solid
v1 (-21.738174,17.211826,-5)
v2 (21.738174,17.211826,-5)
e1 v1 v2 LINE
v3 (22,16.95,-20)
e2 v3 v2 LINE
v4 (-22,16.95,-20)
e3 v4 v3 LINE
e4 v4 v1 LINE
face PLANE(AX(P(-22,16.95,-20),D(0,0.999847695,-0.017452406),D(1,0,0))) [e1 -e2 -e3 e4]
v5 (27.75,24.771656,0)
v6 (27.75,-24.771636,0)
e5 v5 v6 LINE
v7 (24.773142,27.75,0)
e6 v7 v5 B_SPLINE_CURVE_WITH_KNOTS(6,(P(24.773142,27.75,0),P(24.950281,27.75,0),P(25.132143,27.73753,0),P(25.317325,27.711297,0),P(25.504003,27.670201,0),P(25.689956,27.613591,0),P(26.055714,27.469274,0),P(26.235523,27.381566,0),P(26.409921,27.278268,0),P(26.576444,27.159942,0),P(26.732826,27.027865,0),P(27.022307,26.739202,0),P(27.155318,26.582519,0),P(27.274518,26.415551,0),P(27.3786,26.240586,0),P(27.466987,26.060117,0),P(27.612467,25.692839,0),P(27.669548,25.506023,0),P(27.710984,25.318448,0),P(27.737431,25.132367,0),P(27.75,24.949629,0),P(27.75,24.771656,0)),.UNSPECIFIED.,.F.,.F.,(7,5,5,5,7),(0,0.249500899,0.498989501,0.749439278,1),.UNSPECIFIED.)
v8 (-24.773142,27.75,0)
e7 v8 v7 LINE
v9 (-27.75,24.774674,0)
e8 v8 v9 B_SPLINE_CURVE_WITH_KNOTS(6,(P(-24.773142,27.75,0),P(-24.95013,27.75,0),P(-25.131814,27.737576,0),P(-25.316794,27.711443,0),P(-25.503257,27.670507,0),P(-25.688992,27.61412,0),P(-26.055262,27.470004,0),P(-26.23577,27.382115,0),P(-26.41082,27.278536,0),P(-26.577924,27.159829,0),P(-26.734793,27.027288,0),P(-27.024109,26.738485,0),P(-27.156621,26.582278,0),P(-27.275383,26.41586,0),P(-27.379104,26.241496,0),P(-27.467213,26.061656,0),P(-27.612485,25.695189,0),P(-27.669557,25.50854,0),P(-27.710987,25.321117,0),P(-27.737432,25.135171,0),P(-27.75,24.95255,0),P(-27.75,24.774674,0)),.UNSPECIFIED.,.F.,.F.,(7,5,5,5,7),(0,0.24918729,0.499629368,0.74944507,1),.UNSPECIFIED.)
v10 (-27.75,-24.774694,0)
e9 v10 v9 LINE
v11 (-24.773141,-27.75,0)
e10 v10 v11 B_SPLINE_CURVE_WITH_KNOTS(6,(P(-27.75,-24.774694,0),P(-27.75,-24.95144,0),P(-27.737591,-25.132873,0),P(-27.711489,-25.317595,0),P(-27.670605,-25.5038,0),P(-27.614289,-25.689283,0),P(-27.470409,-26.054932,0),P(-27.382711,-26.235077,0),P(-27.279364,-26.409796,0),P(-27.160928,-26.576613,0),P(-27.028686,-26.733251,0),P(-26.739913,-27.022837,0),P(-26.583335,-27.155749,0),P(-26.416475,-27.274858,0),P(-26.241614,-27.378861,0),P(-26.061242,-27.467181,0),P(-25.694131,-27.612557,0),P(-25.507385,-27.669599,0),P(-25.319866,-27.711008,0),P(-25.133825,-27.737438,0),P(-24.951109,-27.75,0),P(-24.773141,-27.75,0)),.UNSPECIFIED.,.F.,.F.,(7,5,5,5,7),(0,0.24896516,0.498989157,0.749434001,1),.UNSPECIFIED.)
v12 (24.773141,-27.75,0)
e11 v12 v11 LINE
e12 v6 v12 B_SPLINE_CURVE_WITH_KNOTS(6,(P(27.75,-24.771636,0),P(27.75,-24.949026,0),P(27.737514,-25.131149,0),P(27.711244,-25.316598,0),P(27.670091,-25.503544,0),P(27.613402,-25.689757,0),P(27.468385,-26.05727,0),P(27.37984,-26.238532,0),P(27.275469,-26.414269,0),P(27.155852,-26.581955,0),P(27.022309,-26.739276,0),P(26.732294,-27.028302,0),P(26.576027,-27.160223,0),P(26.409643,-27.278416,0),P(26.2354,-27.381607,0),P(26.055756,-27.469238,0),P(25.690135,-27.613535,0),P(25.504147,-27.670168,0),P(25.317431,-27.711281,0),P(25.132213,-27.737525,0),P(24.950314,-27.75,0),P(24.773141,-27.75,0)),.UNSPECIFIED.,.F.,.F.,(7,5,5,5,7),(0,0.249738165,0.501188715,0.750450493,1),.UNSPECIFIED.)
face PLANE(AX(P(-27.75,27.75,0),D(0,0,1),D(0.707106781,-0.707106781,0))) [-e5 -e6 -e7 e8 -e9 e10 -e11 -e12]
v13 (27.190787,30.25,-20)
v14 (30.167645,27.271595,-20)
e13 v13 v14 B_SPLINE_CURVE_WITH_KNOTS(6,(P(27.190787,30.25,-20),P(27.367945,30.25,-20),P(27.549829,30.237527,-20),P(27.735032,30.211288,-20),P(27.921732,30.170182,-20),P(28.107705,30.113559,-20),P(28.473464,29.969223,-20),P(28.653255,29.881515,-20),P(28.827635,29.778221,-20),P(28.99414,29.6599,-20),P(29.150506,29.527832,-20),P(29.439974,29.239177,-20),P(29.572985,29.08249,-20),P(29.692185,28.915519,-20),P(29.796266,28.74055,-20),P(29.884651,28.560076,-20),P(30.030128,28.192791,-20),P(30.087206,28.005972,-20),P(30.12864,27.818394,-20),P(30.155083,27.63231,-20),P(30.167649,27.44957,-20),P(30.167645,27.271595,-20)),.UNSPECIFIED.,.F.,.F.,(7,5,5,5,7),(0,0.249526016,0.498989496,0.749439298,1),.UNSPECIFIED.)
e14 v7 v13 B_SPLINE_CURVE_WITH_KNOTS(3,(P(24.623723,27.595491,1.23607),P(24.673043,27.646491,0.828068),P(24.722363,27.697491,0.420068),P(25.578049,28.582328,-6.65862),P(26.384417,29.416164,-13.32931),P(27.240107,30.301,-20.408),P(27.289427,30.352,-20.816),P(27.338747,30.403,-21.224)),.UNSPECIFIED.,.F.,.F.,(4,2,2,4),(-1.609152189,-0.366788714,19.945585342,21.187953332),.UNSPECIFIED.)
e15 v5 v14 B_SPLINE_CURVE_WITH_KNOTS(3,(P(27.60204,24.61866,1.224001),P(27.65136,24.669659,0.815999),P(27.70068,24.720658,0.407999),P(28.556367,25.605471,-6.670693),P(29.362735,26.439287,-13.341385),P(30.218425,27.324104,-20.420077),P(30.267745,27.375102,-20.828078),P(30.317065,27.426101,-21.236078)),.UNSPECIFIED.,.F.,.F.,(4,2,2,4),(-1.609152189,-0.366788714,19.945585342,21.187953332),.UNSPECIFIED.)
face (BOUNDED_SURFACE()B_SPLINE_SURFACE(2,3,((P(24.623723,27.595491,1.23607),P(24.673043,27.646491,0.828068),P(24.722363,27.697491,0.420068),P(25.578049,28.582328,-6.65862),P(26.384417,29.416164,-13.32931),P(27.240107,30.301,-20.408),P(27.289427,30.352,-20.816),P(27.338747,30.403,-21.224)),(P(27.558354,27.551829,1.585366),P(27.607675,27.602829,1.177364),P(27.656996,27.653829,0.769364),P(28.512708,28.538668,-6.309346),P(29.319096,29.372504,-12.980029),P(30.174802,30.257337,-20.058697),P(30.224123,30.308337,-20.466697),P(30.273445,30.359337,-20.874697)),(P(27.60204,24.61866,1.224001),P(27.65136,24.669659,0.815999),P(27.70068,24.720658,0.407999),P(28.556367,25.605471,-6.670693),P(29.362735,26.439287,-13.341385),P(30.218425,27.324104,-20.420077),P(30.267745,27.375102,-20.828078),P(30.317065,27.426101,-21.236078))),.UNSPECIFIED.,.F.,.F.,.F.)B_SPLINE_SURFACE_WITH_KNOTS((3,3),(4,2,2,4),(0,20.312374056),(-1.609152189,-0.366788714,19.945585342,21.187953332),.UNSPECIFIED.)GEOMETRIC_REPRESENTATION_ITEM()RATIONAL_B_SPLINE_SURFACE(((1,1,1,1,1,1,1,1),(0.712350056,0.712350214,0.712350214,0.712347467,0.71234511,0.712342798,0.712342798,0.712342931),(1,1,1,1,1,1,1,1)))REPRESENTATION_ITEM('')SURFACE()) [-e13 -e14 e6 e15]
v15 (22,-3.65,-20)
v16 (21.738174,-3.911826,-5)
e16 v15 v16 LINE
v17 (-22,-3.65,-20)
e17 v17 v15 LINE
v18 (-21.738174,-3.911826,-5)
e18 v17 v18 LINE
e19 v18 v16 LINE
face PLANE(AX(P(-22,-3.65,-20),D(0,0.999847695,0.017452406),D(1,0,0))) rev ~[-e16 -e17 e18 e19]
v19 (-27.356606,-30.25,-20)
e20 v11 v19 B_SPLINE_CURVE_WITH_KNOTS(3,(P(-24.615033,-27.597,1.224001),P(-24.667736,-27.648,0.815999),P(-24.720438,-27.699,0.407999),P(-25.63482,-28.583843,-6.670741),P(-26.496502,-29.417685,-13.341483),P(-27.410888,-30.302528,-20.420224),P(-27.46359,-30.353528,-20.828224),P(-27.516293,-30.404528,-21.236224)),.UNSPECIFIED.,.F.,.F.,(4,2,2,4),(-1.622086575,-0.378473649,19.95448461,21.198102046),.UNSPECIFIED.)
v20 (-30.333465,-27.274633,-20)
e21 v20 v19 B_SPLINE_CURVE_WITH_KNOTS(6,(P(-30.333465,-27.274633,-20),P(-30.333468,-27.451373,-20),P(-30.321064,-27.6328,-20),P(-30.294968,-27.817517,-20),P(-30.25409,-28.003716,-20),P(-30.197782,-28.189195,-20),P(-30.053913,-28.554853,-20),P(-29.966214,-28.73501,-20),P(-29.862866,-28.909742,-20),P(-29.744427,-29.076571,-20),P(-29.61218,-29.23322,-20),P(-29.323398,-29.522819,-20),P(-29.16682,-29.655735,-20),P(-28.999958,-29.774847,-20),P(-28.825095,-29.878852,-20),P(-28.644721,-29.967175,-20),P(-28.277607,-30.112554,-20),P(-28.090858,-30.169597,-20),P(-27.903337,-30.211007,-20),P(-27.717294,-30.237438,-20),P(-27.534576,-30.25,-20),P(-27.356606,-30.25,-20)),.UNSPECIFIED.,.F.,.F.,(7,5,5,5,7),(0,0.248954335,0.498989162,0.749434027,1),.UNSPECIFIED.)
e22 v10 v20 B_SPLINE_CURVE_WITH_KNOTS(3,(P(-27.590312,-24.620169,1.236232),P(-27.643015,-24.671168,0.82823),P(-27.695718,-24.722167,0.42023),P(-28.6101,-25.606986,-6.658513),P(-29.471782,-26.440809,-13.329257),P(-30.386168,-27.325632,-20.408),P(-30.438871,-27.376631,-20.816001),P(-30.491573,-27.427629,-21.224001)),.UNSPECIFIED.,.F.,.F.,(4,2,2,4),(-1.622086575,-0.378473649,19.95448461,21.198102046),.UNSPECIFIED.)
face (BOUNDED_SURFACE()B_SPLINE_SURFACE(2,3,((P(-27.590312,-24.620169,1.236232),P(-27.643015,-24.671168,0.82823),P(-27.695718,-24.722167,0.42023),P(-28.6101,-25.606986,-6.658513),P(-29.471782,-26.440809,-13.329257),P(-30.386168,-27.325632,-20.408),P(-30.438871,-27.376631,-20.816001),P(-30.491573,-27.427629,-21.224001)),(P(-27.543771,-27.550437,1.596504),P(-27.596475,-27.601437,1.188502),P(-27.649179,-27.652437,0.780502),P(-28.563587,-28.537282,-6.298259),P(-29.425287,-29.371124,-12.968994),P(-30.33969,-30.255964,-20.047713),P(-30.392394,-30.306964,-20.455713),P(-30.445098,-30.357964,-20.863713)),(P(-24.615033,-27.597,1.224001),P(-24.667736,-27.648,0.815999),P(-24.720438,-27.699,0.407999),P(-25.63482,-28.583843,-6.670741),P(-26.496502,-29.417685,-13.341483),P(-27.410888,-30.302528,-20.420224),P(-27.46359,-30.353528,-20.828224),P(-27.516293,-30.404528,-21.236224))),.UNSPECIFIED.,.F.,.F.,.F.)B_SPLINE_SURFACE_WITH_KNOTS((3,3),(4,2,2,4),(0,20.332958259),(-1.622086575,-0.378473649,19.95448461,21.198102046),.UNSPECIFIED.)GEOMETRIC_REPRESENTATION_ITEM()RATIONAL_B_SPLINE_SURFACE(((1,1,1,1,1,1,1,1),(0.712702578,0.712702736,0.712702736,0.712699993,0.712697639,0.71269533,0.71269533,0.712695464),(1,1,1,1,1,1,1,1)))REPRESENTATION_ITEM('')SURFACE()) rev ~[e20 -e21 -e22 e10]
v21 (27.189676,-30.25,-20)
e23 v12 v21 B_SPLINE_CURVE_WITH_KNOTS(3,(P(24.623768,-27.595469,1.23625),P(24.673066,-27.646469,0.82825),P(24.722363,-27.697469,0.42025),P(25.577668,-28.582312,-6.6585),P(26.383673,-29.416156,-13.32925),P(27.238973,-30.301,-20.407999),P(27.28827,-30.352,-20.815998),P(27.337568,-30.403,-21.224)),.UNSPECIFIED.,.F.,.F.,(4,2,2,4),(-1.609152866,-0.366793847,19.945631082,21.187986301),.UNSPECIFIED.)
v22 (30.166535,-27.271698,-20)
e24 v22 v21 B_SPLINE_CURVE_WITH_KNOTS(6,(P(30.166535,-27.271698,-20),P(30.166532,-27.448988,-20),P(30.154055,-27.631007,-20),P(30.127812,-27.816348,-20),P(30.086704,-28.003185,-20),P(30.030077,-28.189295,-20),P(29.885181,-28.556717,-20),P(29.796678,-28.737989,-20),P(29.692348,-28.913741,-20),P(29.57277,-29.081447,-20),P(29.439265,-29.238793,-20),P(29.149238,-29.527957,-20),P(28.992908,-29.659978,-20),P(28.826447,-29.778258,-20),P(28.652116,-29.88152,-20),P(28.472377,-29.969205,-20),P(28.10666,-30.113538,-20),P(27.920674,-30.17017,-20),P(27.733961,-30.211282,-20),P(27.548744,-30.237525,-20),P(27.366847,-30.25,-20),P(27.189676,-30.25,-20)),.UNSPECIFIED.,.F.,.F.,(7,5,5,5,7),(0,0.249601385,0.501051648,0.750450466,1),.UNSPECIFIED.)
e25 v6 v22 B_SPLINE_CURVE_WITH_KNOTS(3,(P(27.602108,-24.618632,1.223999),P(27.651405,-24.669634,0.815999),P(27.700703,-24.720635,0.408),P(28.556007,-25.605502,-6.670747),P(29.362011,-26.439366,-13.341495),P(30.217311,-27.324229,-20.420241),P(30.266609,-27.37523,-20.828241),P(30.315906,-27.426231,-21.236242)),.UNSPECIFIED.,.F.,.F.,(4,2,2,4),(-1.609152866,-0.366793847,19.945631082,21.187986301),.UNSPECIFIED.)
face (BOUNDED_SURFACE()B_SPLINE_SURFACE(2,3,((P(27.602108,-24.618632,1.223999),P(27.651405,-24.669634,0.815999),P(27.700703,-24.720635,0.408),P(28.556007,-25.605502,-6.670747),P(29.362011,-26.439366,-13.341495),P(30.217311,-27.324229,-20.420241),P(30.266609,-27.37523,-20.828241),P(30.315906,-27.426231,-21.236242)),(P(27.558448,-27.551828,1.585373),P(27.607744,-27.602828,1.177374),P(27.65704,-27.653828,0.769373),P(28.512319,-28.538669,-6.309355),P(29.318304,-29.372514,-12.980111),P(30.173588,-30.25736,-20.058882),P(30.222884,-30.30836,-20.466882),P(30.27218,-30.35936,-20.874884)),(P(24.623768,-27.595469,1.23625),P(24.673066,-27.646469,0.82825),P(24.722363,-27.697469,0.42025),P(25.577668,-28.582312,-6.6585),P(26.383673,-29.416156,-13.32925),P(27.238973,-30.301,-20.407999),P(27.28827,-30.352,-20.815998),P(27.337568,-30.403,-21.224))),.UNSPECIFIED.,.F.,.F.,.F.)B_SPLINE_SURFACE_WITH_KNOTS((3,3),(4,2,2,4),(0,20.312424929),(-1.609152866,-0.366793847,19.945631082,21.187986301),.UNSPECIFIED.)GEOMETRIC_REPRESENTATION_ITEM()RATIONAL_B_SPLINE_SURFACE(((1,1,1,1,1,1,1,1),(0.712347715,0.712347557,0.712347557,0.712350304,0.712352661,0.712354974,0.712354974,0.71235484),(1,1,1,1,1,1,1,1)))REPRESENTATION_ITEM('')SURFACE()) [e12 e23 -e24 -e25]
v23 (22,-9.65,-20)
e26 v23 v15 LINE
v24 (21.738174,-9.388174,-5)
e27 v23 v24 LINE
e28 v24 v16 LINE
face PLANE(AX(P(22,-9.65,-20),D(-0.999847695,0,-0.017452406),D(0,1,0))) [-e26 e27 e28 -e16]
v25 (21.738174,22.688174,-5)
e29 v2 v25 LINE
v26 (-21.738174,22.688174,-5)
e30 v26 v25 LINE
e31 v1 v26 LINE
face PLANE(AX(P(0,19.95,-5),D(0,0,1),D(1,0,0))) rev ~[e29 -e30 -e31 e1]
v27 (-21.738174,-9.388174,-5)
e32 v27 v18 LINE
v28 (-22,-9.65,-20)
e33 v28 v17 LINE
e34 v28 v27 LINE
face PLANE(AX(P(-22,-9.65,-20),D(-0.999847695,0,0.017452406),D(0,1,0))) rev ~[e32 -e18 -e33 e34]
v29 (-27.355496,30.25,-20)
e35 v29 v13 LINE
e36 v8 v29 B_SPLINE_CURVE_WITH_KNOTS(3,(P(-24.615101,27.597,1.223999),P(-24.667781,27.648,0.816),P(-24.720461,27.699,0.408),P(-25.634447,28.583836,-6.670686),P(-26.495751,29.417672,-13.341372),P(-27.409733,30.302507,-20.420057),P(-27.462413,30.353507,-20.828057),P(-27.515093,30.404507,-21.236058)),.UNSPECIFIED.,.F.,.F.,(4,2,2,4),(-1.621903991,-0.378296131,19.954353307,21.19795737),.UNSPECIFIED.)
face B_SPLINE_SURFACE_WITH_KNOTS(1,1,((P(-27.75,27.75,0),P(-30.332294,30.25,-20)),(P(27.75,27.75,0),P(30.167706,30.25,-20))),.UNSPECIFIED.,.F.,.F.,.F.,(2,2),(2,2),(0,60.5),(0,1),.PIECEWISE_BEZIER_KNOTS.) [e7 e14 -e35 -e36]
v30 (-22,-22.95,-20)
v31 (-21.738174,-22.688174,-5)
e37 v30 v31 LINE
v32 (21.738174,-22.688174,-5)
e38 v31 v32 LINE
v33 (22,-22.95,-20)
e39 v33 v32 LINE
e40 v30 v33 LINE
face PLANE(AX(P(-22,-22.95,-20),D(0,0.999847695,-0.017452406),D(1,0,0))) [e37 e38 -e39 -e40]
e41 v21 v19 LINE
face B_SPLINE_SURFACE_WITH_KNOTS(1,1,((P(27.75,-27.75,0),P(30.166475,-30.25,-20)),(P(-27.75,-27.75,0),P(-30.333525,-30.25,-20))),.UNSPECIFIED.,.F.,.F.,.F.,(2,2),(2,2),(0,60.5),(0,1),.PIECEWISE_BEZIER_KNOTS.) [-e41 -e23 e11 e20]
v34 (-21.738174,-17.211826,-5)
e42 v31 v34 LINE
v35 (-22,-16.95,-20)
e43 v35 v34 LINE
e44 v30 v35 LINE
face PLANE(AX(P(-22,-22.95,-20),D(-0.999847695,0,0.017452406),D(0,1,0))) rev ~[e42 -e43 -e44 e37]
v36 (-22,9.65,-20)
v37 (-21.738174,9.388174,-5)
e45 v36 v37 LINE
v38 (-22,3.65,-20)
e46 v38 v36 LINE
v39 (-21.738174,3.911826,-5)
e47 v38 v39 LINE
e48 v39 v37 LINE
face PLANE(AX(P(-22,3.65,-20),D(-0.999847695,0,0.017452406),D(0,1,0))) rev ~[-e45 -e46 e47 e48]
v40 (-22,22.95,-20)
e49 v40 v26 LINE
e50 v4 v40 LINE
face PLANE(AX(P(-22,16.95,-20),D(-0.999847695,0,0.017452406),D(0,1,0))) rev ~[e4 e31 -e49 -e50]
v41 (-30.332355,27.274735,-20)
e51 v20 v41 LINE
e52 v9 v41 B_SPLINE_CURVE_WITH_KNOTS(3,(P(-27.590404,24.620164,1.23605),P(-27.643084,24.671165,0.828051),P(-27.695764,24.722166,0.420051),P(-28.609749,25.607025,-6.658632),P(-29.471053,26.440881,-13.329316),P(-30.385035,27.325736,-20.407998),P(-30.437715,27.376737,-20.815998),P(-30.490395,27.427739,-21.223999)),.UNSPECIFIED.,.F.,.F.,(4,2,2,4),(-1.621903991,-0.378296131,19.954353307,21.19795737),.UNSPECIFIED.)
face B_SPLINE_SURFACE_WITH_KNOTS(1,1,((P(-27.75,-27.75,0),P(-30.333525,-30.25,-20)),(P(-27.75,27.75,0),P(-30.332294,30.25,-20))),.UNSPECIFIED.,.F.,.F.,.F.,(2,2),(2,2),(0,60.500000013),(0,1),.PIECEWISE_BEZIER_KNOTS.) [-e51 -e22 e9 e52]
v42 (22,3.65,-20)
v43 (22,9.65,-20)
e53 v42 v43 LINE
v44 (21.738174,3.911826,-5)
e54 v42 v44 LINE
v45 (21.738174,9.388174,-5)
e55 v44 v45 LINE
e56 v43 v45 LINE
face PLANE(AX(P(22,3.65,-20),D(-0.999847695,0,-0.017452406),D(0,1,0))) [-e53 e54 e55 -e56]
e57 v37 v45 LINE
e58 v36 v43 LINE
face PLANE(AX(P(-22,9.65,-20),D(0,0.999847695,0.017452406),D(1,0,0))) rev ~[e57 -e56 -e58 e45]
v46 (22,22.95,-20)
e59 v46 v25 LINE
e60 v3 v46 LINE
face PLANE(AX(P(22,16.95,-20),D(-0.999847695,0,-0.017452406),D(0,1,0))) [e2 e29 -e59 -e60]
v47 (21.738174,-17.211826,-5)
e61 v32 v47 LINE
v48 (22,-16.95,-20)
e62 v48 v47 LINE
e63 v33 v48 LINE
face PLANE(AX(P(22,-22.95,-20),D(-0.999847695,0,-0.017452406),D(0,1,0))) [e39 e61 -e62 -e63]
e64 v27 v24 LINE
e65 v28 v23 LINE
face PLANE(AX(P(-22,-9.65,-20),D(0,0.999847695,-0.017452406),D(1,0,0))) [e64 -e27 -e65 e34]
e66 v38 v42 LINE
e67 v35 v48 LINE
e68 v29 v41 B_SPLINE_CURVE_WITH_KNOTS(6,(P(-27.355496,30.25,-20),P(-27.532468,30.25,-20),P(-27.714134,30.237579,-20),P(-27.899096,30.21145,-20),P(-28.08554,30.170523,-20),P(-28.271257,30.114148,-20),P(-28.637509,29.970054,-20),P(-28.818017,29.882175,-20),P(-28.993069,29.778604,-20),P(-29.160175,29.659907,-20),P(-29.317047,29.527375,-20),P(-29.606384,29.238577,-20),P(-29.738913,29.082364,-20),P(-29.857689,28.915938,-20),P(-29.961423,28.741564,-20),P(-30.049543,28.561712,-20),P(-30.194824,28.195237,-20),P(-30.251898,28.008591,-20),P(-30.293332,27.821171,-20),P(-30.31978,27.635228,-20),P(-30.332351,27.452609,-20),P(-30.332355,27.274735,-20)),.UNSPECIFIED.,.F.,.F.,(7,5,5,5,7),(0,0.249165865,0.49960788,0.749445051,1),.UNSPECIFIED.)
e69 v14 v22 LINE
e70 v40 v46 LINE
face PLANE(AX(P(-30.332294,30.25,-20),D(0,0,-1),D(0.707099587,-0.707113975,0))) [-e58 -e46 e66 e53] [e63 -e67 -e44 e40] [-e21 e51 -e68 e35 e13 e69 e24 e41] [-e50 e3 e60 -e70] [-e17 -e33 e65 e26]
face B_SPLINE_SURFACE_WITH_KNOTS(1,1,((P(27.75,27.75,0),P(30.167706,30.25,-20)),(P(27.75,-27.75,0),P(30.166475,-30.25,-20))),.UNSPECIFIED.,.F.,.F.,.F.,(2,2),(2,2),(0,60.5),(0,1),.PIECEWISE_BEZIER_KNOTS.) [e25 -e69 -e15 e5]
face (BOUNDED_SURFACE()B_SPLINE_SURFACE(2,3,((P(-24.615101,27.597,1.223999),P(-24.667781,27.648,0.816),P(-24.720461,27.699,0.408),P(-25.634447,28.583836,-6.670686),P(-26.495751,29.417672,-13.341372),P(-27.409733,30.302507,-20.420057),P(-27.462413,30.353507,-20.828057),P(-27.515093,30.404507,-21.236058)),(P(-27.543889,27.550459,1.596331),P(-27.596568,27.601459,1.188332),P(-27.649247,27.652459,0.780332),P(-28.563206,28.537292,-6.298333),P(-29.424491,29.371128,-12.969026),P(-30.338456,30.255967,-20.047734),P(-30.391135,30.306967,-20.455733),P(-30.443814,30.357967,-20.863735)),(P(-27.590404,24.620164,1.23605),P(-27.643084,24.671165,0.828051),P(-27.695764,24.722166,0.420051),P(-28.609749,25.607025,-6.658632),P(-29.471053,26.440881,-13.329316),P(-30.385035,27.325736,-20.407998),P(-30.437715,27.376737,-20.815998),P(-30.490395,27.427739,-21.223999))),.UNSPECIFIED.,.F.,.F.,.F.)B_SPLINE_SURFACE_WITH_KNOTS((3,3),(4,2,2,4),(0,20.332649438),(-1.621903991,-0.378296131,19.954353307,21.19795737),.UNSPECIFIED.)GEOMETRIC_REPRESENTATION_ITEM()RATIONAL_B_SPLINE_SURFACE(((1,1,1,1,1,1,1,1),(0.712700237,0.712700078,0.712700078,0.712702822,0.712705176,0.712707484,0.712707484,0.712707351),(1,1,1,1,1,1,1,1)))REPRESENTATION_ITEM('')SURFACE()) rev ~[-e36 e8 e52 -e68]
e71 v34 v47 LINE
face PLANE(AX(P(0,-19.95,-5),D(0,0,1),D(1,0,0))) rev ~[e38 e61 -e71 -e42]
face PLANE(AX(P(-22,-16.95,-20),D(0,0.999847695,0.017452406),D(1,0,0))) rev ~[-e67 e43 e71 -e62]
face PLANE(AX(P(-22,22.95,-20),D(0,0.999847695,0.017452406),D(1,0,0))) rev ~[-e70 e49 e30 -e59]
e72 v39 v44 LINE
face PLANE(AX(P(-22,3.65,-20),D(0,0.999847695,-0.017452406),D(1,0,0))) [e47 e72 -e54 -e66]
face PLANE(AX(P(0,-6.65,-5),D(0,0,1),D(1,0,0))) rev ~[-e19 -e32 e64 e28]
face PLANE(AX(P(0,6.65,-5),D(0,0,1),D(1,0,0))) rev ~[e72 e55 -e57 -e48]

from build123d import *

# Parameters (mm, degrees)
ESQUISSE3_W                       = 44
ESQUISSE3_H                       = 6
ENL_V_MAT_EXTRU_3_DEPTH           = 15
ENL_V_MAT_EXTRU_3_DRAFT           = 1
ENL_V_MAT_EXTRU_3_PROFILE_2_DEPTH = 15
ENL_V_MAT_EXTRU_3_PROFILE_2_DRAFT = 1
ENL_V_MAT_EXTRU_3_PROFILE_3_DEPTH = 15
ENL_V_MAT_EXTRU_3_PROFILE_3_DRAFT = 1
ENL_V_MAT_EXTRU_3_PROFILE_4_DEPTH = 15
ENL_V_MAT_EXTRU_3_PROFILE_4_DRAFT = 1
CONG_1_R                          = 3


with BuildPart() as part:
    # Esquisse1 → Lissage1 section 0
    with BuildSketch(Plane.XY):
        with BuildLine():
            Line((-27.75, 27.75), (27.75, 27.75))
            Line((27.75, 27.75), (27.75, -27.75))
            Line((27.75, -27.75), (-27.75, -27.75))
            Line((-27.75, -27.75), (-27.75, 27.75))
        make_face()
    # Esquisse2 → Lissage1 section 1
    with BuildSketch(Plane.XY.offset(-20)):
        with BuildLine():
            Line((-30.33229437, 30.25), (30.16770563, 30.249999987))
            Line((30.16770563, 30.249999987), (30.166474554, -30.25))
            Line((30.166474554, -30.25), (-30.333525446, -30.25))
            Line((-30.333525446, -30.25), (-30.33229437, 30.25))
        make_face()
    loft()


with BuildPart() as enl_v_mat_extru_3_tool:
    # Esquisse3 → Enlèv. mat.-Extru.3 (with draft: the straight prism first)
    with BuildSketch(Plane.XY.offset(-20)):
        with Locations((0, -6.65)):
            Rectangle(ESQUISSE3_W, ESQUISSE3_H)
    extrude(amount=ENL_V_MAT_EXTRU_3_DEPTH)
    # Enlèv. mat.-Extru.3: the draft: its side faces are tilted about the plane it starts from
    enl_v_mat_extru_3_sides = [enl_v_mat_extru_3_tool.faces().sort_by_distance(p)[0] for p in [
        (0, -9.65, -12.5),
        (22, -6.65, -12.5),
        (0, -3.65, -12.5),
        (-22, -6.65, -12.5),
    ]]
    draft(enl_v_mat_extru_3_sides, Plane.XY.offset(-20), ENL_V_MAT_EXTRU_3_DRAFT)


with BuildPart() as part_1:
    add(part.part)

    # Enlèv. mat.-Extru.3: cut by enl_v_mat_extru_3_tool
    add(enl_v_mat_extru_3_tool.part, mode=Mode.SUBTRACT)


with BuildPart() as enl_v_mat_extru_3_profile_2_tool:
    # Esquisse3 → Enlèv. mat.-Extru.3 profile 2 (with draft: the straight prism first)
    with BuildSketch(Plane.XY.offset(-20)):
        with Locations((0, -19.95)):
            Rectangle(ESQUISSE3_W, ESQUISSE3_H)
    extrude(amount=ENL_V_MAT_EXTRU_3_PROFILE_2_DEPTH)
    # Enlèv. mat.-Extru.3 profile 2: the draft: its side faces are tilted about the plane it starts from
    enl_v_mat_extru_3_profile_2_sides = [enl_v_mat_extru_3_profile_2_tool.faces().sort_by_distance(p)[0] for p in [
        (0, -22.95, -12.5),
        (22, -19.95, -12.5),
        (0, -16.95, -12.5),
        (-22, -19.95, -12.5),
    ]]
    draft(enl_v_mat_extru_3_profile_2_sides, Plane.XY.offset(-20), ENL_V_MAT_EXTRU_3_PROFILE_2_DRAFT)


with BuildPart() as part_2:
    add(part_1.part)

    # Enlèv. mat.-Extru.3 profile 2: cut by enl_v_mat_extru_3_profile_2_tool
    add(enl_v_mat_extru_3_profile_2_tool.part, mode=Mode.SUBTRACT)


with BuildPart() as enl_v_mat_extru_3_profile_3_tool:
    # Esquisse3 → Enlèv. mat.-Extru.3 profile 3 (with draft: the straight prism first)
    with BuildSketch(Plane.XY.offset(-20)):
        with Locations((0, 6.65)):
            Rectangle(ESQUISSE3_W, ESQUISSE3_H)
    extrude(amount=ENL_V_MAT_EXTRU_3_PROFILE_3_DEPTH)
    # Enlèv. mat.-Extru.3 profile 3: the draft: its side faces are tilted about the plane it starts from
    enl_v_mat_extru_3_profile_3_sides = [enl_v_mat_extru_3_profile_3_tool.faces().sort_by_distance(p)[0] for p in [
        (0, 3.65, -12.5),
        (22, 6.65, -12.5),
        (0, 9.65, -12.5),
        (-22, 6.65, -12.5),
    ]]
    draft(enl_v_mat_extru_3_profile_3_sides, Plane.XY.offset(-20), ENL_V_MAT_EXTRU_3_PROFILE_3_DRAFT)


with BuildPart() as part_3:
    add(part_2.part)

    # Enlèv. mat.-Extru.3 profile 3: cut by enl_v_mat_extru_3_profile_3_tool
    add(enl_v_mat_extru_3_profile_3_tool.part, mode=Mode.SUBTRACT)


with BuildPart() as enl_v_mat_extru_3_profile_4_tool:
    # Esquisse3 → Enlèv. mat.-Extru.3 profile 4 (with draft: the straight prism first)
    with BuildSketch(Plane.XY.offset(-20)):
        with Locations((0, 19.95)):
            Rectangle(ESQUISSE3_W, ESQUISSE3_H)
    extrude(amount=ENL_V_MAT_EXTRU_3_PROFILE_4_DEPTH)
    # Enlèv. mat.-Extru.3 profile 4: the draft: its side faces are tilted about the plane it starts from
    enl_v_mat_extru_3_profile_4_sides = [enl_v_mat_extru_3_profile_4_tool.faces().sort_by_distance(p)[0] for p in [
        (0, 16.95, -12.5),
        (22, 19.95, -12.5),
        (0, 22.95, -12.5),
        (-22, 19.95, -12.5),
    ]]
    draft(enl_v_mat_extru_3_profile_4_sides, Plane.XY.offset(-20), ENL_V_MAT_EXTRU_3_PROFILE_4_DRAFT)


with BuildPart() as part_4:
    add(part_3.part)

    # Enlèv. mat.-Extru.3 profile 4: cut by enl_v_mat_extru_3_profile_4_tool
    add(enl_v_mat_extru_3_profile_4_tool.part, mode=Mode.SUBTRACT)

    # Congé1
    cong_1_edges = [part_4.edges().sort_by_distance(p)[0] for p in [
        (-29.041147185, 29, -10),
        (-29.041762723, -29, -10),
        (28.958852815, 28.999999994, -10),
        (28.958237277, -29, -10),
    ]]
    fillet(cong_1_edges, radius=CONG_1_R)


solid = part_4.part
